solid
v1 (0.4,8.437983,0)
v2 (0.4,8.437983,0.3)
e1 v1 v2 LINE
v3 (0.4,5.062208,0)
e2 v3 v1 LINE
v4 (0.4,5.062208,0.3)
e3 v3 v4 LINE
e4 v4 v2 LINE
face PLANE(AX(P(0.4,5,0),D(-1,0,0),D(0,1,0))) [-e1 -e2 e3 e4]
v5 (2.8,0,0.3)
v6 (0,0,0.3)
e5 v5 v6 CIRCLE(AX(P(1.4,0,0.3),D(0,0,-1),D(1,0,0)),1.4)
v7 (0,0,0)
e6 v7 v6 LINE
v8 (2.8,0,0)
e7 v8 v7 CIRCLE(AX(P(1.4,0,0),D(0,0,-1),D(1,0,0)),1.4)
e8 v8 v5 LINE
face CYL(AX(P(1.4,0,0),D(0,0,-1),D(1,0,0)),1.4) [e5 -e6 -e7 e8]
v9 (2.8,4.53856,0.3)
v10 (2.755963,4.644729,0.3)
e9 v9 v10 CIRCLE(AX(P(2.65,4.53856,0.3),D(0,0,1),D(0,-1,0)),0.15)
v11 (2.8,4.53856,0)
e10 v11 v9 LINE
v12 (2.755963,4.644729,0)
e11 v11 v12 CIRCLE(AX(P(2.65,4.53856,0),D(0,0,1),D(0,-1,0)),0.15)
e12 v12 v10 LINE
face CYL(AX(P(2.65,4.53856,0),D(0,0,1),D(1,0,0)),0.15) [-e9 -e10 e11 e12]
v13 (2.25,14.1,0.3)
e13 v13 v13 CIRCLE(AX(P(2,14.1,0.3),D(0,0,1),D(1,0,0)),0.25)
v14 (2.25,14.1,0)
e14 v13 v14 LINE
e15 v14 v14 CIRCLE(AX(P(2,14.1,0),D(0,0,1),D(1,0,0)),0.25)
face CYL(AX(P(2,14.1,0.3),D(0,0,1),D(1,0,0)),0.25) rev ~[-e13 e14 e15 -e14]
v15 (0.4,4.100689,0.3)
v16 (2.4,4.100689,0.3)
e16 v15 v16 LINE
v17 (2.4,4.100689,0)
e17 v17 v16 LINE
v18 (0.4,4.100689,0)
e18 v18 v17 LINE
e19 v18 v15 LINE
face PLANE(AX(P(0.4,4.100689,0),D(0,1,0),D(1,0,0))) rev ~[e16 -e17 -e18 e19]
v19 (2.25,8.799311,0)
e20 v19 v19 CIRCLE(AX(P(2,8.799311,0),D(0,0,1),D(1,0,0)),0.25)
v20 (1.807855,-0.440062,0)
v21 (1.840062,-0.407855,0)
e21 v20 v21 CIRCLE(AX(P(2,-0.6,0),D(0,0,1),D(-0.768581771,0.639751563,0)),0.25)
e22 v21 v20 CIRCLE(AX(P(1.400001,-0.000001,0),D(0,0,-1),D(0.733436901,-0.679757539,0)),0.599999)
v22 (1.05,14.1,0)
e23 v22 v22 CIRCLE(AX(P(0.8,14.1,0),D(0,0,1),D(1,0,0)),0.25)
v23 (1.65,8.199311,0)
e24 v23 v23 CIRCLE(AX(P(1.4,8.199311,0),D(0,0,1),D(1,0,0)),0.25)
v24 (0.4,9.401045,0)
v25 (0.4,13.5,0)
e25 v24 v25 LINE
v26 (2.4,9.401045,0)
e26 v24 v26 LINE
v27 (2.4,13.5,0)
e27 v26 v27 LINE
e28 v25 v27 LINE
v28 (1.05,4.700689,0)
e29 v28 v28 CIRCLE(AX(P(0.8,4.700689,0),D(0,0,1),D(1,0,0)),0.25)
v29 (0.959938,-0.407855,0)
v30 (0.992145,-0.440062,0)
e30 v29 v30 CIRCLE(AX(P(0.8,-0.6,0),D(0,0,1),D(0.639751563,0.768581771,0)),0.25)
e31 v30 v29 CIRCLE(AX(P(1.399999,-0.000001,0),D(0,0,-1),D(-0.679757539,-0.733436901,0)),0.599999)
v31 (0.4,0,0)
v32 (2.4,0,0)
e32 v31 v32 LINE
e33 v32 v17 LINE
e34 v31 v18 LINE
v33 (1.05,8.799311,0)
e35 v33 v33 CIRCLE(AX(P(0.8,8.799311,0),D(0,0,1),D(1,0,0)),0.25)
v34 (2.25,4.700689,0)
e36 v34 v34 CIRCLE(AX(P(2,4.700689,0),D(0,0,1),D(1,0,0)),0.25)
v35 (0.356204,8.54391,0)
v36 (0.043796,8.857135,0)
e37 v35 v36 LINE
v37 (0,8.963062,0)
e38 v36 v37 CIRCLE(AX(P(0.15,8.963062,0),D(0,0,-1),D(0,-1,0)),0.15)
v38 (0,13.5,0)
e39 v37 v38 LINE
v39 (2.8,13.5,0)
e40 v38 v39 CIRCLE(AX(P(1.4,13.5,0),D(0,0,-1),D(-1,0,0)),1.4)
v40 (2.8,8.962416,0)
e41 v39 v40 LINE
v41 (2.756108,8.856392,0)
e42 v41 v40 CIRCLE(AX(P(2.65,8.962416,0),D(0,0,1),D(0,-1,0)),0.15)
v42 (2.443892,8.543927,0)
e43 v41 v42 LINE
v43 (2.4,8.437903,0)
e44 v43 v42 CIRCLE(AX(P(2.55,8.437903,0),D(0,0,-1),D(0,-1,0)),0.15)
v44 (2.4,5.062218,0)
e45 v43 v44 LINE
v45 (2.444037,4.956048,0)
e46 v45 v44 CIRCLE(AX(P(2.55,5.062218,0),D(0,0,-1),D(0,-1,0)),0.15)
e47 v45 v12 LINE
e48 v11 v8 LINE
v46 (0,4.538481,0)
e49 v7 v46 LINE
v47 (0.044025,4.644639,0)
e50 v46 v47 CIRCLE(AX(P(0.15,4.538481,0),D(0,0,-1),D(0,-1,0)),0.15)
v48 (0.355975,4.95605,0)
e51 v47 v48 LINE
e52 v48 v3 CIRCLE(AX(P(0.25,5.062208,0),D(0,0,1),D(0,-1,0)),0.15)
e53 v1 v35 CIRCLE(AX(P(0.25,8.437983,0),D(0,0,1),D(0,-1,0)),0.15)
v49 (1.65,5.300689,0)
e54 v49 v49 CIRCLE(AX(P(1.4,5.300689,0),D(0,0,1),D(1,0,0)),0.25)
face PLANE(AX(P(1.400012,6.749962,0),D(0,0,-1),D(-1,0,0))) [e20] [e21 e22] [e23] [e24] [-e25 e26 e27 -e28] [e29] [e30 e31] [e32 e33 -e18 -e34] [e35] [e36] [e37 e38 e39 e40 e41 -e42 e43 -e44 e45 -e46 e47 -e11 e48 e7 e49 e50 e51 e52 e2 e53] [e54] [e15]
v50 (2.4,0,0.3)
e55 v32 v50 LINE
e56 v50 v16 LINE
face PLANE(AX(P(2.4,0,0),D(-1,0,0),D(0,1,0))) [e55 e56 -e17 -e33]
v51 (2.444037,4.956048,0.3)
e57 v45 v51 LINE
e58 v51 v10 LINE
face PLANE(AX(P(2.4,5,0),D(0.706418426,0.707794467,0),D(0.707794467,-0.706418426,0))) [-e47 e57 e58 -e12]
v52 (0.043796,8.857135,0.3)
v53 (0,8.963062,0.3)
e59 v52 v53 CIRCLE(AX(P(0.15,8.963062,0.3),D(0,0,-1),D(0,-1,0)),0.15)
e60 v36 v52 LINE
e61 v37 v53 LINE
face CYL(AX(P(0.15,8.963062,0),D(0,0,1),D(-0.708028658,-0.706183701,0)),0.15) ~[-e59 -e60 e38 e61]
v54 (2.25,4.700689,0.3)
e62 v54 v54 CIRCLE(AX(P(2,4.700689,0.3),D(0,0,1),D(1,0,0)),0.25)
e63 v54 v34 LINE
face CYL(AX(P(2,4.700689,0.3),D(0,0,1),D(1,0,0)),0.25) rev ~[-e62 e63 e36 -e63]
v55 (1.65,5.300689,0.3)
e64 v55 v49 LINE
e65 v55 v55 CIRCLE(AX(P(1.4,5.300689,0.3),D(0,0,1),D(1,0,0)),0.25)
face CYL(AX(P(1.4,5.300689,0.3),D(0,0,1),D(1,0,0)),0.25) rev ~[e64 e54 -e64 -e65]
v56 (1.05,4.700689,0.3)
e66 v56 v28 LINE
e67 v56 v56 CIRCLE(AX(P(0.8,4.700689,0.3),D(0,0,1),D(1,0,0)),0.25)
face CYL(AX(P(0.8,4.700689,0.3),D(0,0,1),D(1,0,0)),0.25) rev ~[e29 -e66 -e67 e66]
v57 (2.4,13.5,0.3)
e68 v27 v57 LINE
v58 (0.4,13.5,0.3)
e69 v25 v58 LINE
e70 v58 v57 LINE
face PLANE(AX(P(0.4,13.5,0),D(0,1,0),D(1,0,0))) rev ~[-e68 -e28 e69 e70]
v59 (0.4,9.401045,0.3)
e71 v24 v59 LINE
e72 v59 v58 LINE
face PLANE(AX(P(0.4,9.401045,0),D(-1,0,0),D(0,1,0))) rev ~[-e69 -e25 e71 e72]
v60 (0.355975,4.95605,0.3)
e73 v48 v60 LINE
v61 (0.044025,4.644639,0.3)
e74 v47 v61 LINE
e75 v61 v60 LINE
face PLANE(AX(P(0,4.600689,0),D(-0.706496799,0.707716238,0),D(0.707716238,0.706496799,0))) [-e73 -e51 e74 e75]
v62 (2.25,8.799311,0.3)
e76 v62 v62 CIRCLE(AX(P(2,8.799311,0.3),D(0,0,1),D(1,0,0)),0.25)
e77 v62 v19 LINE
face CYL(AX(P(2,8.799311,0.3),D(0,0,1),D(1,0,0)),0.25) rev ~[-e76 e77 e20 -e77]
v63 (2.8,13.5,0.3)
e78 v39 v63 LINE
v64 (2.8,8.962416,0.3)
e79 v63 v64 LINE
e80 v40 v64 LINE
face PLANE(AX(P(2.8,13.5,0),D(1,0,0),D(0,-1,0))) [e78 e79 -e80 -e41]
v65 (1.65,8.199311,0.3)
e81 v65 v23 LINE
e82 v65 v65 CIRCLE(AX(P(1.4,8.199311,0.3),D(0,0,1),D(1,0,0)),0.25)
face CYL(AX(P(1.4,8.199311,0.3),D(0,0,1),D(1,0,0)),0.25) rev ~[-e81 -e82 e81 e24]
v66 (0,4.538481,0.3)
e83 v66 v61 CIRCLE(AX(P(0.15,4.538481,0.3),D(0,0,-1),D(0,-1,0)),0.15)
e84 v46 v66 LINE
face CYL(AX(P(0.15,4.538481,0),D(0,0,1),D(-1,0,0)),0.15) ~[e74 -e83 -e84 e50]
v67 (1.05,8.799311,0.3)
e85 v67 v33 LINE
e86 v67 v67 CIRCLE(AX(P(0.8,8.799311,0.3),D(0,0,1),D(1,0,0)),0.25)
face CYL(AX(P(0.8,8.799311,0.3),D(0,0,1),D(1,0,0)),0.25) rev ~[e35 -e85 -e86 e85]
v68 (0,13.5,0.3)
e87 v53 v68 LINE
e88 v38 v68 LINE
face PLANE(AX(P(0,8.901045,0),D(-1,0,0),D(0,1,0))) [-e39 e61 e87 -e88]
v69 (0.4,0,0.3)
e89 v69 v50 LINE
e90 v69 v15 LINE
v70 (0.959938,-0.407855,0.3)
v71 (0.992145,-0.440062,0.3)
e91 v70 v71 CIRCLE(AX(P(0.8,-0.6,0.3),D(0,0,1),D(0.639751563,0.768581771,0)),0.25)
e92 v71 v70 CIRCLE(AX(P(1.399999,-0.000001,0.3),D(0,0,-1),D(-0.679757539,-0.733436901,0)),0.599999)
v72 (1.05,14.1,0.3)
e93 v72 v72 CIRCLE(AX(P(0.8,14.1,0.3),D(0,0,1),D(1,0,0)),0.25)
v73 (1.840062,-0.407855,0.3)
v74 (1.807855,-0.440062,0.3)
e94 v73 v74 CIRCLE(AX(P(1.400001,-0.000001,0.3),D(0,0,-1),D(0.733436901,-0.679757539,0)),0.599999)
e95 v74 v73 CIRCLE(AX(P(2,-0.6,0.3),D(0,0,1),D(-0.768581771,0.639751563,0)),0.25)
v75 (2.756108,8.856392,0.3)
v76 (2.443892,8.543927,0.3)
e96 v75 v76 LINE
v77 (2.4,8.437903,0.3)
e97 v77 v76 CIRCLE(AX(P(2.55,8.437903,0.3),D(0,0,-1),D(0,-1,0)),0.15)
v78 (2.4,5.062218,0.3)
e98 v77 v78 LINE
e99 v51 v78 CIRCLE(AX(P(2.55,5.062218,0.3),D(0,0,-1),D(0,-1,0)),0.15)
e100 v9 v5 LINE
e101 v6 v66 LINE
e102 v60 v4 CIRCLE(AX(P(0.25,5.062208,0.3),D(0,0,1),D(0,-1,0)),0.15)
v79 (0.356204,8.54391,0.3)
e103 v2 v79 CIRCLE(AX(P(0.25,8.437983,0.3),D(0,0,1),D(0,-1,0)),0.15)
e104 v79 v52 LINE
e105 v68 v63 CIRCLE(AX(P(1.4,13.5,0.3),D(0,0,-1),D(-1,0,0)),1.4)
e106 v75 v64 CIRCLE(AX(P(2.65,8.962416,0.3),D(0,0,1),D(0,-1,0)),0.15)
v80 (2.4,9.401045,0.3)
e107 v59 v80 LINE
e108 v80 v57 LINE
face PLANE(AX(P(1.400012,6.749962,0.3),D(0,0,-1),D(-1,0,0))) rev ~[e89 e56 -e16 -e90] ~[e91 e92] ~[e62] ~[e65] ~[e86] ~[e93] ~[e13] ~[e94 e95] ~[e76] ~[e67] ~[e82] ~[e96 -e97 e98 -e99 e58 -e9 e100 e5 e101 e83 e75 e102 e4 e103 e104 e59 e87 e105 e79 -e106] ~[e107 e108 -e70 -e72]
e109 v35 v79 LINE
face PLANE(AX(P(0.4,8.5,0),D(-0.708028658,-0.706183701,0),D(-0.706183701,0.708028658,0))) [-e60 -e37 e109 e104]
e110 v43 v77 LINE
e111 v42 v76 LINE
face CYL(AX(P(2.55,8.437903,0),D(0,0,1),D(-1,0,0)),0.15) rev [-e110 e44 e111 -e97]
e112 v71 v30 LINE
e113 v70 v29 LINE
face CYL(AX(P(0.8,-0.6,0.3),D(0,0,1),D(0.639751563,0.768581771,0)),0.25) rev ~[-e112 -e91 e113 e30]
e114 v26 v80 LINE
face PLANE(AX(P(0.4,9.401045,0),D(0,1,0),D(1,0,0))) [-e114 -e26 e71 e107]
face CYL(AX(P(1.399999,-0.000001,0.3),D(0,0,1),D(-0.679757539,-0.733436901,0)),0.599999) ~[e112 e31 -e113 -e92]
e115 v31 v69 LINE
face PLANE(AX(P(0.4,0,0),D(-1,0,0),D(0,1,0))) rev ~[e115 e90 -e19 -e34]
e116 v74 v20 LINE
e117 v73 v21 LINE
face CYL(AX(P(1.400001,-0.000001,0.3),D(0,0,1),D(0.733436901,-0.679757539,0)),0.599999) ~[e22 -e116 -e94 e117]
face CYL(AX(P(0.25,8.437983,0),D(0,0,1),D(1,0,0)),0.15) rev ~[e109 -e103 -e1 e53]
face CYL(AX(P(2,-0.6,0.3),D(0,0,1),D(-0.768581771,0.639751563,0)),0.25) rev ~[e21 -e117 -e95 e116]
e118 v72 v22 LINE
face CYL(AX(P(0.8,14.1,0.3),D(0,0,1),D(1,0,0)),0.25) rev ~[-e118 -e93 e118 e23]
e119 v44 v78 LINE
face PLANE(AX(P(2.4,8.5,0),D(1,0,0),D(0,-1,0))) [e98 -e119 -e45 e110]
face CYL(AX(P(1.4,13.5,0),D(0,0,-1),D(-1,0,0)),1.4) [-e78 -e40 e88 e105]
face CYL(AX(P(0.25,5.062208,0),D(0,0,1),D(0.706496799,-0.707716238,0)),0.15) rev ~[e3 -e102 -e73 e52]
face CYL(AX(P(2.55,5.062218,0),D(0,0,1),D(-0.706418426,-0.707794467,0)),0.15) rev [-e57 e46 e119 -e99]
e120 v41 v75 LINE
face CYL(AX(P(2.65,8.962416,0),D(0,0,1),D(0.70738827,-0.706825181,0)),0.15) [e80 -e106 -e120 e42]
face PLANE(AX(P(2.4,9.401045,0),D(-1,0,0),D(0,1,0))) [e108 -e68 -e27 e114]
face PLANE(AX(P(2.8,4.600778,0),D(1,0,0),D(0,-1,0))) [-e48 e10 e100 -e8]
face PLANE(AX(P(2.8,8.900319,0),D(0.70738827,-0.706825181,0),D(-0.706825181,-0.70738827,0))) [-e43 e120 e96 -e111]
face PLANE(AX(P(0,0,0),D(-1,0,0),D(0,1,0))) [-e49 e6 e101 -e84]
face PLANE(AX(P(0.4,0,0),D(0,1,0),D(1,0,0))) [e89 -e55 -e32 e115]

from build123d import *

# Parameters (mm, degrees)
SKETCH1_W           = 2
SKETCH1_H           = 4.09895497
SKETCH1_H_2         = 4.100689225
BOSS_EXTRUDE1_DEPTH = 0.3
SKETCH2_R           = 0.25
CUT_EXTRUDE2_DEPTH  = 0.3
FILLET10_R          = 0.15


with BuildPart() as part:
    # Sketch1 → Boss-Extrude1 (new body)
    with BuildSketch(Plane.XY):
        with BuildLine():
            Line((0, 0), (0, 4.600689225))
            Line((0, 4.600689225), (0.4, 5))
            Line((0.4, 5), (0.4, 8.5))
            Line((0.4, 8.5), (0, 8.90104503))
            Line((0, 8.90104503), (0, 13.5))
            ThreePointArc((0, 13.5), (1.4, 14.9), (2.8, 13.5))
            Line((2.8, 13.5), (2.8, 8.900318658))
            Line((2.8, 8.900318658), (2.4, 8.5))
            Line((2.4, 8.5), (2.4, 5))
            Line((2.4, 5), (2.8, 4.60077765))
            Line((2.8, 4.60077765), (2.8, 0))
            ThreePointArc((2.8, 0), (1.4, -1.4), (0, 0))
        make_face()
        with Locations((1.4, 11.450522515)):
            Rectangle(SKETCH1_W, SKETCH1_H, mode=Mode.SUBTRACT)
        with Locations((1.4, 2.050344612)):
            Rectangle(SKETCH1_W, SKETCH1_H_2, mode=Mode.SUBTRACT)
    extrude(amount=BOSS_EXTRUDE1_DEPTH)

    # Sketch2 → Cut-Extrude2 (cut)
    with BuildSketch(Plane.XY.offset(0.3)):
        with Locations((1.4, 8.199310775)):
            Circle(SKETCH2_R)
        with Locations((2, 14.1)):
            Circle(SKETCH2_R)
        with Locations((1.4, 5.300689225)):
            Circle(SKETCH2_R)
        with Locations((0.8, 14.1)):
            Circle(SKETCH2_R)
        with BuildLine():
            ThreePointArc((1.807854557, -0.440062109), (2.176776695, -0.776776695), (1.840062109, -0.407854557))
            ThreePointArc((1.840062109, -0.407854557), (1.824264069, -0.424264069), (1.807854557, -0.440062109))
        make_face()
        with BuildLine():
            ThreePointArc((0.992145443, -0.440062109), (0.975735931, -0.424264069), (0.959937891, -0.407854557))
            ThreePointArc((0.959937891, -0.407854557), (0.623223305, -0.776776695), (0.992145443, -0.440062109))
        make_face()
        with Locations((0.8, 4.700689225)):
            Circle(SKETCH2_R)
        with Locations((2, 4.700689225)):
            Circle(SKETCH2_R)
        with Locations((2, 8.799310775)):
            Circle(SKETCH2_R)
        with Locations((0.8, 8.799310775)):
            Circle(SKETCH2_R)
    extrude(amount=-CUT_EXTRUDE2_DEPTH, mode=Mode.SUBTRACT)

    # Fillet10
    fillet10_edges = [part.edges().sort_by_distance(p)[0] for p in [
        (0, 4.600689225, 0.15),
        (0.4, 5, 0.15),
        (0.4, 8.5, 0.15),
        (0, 8.90104503, 0.15),
        (2.8, 8.900318658, 0.15),
        (2.4, 8.5, 0.15),
        (2.4, 5, 0.15),
        (2.8, 4.60077765, 0.15),
    ]]
    fillet(fillet10_edges, radius=FILLET10_R)


solid = part.part
